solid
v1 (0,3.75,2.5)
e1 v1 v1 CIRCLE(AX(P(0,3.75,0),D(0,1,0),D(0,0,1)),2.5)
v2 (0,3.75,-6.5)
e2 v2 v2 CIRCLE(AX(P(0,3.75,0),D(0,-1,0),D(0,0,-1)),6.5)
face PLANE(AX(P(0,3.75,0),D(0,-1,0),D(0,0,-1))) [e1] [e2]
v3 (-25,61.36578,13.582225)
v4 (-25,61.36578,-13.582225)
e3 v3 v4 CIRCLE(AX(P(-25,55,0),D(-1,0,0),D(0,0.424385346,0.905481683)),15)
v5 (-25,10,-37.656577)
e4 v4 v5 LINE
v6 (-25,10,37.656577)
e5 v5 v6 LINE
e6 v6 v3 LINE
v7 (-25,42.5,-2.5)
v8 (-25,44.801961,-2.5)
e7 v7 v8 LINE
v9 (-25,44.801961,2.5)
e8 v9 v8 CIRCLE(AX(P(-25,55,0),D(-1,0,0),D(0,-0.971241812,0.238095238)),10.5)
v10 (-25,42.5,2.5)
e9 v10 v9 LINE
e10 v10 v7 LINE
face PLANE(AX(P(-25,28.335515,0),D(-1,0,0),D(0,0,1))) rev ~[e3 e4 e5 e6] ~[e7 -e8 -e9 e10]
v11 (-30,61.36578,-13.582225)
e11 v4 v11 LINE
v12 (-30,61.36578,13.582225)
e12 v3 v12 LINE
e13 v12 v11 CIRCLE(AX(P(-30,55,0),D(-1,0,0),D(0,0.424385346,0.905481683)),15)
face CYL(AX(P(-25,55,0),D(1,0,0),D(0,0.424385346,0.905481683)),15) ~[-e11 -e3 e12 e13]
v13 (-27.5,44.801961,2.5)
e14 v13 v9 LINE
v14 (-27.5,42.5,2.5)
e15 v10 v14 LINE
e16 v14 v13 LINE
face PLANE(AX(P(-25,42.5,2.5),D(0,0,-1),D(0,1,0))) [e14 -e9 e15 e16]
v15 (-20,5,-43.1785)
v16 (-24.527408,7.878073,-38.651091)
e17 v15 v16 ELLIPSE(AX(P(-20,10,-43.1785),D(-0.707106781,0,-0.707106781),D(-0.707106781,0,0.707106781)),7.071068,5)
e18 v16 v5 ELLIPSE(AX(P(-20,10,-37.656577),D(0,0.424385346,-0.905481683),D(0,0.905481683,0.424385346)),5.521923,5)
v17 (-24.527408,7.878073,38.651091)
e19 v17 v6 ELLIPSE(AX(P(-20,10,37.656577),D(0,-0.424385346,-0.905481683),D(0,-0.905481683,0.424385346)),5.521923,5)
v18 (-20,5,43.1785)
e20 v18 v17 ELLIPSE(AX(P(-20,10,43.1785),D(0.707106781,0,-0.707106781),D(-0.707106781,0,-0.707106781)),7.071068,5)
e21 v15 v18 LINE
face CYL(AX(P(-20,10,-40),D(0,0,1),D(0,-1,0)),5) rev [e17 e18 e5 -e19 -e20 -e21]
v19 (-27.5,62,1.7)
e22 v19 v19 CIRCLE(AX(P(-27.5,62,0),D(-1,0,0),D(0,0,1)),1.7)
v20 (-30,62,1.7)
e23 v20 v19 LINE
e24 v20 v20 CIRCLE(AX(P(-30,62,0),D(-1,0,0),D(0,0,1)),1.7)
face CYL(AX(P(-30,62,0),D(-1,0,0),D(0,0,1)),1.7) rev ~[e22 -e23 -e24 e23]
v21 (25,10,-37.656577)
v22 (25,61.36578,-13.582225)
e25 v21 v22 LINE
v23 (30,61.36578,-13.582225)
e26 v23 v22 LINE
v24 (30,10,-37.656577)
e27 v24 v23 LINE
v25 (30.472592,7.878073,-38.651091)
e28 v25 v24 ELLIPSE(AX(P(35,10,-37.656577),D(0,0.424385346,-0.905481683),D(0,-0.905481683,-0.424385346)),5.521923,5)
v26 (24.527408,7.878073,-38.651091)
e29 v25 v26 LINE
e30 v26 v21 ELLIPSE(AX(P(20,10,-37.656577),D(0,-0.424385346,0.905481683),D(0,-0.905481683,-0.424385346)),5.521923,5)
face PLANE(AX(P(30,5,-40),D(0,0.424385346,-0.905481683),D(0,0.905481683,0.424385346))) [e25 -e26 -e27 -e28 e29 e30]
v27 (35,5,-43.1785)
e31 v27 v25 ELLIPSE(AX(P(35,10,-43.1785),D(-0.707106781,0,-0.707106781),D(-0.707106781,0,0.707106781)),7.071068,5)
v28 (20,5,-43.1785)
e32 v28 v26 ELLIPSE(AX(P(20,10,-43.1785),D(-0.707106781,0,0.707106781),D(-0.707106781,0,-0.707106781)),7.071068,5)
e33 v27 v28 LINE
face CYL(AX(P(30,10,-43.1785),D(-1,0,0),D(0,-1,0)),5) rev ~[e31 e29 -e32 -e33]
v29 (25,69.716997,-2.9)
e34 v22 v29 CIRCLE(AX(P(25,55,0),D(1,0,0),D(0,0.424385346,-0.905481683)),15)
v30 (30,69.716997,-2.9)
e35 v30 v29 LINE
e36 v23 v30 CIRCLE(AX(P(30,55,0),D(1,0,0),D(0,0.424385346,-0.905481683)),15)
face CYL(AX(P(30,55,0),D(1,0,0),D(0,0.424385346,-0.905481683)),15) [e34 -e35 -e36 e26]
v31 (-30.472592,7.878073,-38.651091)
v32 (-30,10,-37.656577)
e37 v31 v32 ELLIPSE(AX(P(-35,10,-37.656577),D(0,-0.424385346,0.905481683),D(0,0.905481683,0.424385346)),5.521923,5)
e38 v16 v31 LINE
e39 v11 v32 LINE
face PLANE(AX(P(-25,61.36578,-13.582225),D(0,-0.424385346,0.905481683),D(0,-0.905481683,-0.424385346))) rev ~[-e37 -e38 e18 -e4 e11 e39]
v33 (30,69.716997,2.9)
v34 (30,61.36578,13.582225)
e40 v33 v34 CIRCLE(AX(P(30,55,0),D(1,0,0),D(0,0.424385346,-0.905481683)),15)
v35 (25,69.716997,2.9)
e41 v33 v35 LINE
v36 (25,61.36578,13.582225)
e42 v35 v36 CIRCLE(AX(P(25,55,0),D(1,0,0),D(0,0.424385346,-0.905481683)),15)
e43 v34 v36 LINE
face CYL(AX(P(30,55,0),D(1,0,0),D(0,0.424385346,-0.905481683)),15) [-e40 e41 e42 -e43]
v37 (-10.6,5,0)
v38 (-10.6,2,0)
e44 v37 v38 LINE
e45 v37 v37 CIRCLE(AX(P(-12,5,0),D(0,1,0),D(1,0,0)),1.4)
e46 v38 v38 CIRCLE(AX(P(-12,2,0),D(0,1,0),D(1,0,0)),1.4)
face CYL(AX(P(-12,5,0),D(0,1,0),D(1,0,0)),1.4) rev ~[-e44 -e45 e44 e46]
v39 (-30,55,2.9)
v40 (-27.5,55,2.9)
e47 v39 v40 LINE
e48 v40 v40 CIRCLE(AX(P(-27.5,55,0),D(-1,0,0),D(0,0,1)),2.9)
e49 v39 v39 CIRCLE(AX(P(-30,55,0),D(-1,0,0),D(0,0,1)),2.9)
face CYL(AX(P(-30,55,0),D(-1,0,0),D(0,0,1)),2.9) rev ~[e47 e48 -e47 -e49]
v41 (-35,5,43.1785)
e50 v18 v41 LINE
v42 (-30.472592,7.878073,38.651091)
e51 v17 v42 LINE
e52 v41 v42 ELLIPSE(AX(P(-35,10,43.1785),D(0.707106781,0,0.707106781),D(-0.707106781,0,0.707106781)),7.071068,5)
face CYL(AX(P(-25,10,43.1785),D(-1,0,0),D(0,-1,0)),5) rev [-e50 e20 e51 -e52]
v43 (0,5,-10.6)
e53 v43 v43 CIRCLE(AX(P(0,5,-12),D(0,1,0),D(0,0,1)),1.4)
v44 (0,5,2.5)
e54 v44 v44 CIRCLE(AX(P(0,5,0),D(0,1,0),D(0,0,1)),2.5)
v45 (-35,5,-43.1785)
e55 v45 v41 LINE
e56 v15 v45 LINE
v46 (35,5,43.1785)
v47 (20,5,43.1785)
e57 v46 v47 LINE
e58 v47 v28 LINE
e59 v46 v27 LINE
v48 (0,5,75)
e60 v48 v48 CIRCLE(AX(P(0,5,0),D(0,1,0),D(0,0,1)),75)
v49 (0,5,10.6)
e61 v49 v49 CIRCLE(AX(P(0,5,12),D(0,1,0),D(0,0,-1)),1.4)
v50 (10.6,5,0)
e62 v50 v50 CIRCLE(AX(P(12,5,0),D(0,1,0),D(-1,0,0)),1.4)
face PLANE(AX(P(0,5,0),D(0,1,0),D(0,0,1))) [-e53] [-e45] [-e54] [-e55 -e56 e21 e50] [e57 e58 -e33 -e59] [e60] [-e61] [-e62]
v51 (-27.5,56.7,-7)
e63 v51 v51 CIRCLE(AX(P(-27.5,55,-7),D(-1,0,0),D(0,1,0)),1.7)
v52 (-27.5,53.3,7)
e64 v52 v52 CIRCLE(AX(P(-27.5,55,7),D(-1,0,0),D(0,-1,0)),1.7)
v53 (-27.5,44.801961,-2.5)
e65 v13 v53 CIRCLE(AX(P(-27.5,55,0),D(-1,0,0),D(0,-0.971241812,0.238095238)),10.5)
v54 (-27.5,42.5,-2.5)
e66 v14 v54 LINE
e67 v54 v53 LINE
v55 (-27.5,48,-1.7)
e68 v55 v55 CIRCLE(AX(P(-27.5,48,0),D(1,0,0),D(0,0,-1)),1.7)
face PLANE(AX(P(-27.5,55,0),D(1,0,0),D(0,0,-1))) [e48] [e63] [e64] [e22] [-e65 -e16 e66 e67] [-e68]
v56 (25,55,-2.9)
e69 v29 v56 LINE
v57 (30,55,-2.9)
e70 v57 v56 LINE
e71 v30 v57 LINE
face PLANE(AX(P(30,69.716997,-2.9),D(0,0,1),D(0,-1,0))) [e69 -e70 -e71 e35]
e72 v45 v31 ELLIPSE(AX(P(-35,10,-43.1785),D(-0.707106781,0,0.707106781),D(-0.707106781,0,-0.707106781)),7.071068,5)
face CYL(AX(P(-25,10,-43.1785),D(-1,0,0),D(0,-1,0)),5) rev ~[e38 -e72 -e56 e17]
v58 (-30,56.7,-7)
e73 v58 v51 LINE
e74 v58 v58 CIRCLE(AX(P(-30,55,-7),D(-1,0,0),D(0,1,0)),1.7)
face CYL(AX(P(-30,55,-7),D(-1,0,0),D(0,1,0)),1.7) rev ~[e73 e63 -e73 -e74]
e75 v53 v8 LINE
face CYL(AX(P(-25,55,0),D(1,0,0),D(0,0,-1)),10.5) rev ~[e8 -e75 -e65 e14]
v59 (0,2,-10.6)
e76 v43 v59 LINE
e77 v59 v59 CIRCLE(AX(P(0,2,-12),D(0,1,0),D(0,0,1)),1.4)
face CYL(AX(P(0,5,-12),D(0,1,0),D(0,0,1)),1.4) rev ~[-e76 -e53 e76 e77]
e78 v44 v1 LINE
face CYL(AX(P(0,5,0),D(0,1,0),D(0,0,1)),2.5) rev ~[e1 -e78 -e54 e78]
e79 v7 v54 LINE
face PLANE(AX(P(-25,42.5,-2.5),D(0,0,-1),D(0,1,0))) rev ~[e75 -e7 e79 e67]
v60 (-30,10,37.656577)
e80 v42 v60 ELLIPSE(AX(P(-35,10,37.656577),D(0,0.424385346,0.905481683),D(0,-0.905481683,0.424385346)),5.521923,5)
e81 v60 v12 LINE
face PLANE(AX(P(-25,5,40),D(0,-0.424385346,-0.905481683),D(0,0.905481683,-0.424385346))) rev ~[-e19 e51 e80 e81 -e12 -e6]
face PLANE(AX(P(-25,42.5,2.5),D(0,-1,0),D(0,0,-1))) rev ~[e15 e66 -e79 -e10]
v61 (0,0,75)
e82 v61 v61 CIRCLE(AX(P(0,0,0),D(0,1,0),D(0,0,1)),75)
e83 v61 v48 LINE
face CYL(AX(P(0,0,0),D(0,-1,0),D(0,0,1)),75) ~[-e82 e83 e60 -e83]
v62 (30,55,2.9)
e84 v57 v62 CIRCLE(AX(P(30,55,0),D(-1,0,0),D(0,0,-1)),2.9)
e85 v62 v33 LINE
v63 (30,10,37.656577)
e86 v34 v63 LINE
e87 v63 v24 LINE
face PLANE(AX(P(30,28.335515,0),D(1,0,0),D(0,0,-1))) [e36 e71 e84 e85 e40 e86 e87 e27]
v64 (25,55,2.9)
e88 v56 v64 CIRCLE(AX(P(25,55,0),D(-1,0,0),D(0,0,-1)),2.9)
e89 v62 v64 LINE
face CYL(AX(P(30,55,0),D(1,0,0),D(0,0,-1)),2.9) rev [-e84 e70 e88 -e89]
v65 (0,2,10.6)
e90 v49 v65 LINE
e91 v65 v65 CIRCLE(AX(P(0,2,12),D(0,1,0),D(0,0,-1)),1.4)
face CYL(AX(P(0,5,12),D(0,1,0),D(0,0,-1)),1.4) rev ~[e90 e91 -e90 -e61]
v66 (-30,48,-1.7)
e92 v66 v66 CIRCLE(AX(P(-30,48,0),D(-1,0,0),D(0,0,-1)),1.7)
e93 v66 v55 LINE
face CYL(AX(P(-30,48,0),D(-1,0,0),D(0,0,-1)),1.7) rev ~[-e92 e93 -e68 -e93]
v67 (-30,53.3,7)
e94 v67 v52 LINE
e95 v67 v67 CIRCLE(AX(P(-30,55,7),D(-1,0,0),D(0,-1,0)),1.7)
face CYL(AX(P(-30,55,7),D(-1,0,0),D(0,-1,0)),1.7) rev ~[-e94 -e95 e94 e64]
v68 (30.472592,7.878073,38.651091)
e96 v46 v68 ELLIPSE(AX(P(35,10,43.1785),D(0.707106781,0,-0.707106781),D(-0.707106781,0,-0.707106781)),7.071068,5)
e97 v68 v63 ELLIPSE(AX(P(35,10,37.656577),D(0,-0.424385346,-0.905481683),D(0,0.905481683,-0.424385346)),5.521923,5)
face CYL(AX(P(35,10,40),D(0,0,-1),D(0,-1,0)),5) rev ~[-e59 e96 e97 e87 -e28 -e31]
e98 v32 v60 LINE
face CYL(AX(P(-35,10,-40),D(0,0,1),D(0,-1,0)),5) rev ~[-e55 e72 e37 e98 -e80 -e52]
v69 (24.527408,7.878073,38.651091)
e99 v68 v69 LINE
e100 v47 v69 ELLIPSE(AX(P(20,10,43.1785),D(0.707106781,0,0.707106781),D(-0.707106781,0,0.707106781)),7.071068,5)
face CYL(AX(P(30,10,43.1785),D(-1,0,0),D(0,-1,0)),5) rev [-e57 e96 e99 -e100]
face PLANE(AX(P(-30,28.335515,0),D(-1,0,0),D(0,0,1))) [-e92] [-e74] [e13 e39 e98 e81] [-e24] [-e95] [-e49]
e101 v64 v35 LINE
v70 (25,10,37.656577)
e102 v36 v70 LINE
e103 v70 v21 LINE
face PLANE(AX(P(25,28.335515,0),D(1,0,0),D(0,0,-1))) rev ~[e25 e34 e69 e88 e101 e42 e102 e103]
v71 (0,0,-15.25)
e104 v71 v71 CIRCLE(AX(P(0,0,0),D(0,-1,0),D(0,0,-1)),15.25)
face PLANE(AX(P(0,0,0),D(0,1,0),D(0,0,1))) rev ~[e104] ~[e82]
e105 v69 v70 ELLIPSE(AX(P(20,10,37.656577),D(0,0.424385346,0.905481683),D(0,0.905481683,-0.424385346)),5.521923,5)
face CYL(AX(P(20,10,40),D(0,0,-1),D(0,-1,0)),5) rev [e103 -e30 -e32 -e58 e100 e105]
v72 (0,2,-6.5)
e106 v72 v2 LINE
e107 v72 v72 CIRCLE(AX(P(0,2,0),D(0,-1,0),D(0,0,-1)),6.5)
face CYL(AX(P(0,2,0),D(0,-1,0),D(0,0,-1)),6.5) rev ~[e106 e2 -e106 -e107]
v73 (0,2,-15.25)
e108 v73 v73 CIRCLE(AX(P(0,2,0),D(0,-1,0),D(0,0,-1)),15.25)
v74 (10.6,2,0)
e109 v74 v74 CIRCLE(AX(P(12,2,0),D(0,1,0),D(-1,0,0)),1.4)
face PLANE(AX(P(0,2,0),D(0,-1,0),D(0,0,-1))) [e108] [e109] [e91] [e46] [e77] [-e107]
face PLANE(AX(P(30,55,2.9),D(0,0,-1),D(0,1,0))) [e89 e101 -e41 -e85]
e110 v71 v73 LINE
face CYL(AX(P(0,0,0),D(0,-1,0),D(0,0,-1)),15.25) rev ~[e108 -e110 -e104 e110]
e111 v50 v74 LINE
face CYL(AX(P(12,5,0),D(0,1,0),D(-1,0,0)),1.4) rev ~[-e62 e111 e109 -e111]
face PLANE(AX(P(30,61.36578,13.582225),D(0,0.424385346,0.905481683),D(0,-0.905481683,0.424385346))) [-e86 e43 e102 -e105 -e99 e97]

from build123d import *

# Parameters (mm, degrees)
SKETCH1_R           = 75
BOSS_EXTRUDE1_DEPTH = 5
BOSS_EXTRUDE2_DEPTH = 5
BOSS_EXTRUDE3_START = -5
BOSS_EXTRUDE3_DEPTH = 5
SKETCH6_R           = 1.5
CUT_EXTRUDE1_DEPTH  = 5
SKETCH7_R           = 2.9
CUT_EXTRUDE2_DEPTH  = 2.5
SKETCH8_R           = 0.6
CUT_EXTRUDE3_DEPTH  = 5
CIRPATTERN1_COUNT   = 4
SKETCH10_R          = 1.7
CUT_EXTRUDE4_DEPTH  = 3
CIRPATTERN2_COUNT   = 4
SKETCH11_R          = 2.5
CUT_EXTRUDE5_DEPTH  = 5
SKETCH12_R          = 1.4
CUT_EXTRUDE6_DEPTH  = 5
CIRPATTERN3_COUNT   = 4
SKETCH16_R          = 10.5
CUT_EXTRUDE10_DEPTH = 2.5
CUT_EXTRUDE11_DEPTH = 5
FILLET1_R           = 5
SKETCH19_R          = 15.25
CUT_EXTRUDE12_DEPTH = 2
SKETCH20_W          = 5
SKETCH20_H          = 4
CUT_EXTRUDE13_DEPTH = 2.5
SKETCH21_R          = 6.5
CUT_EXTRUDE14_DEPTH = 1.75


with BuildPart() as part:
    # Sketch1 → Boss-Extrude1 (new body)
    with BuildSketch(Plane(origin=(0, 0, 0), x_dir=(1, 0, 0), z_dir=(0, 1, 0))):
        with Locations(Location((0, 0, 0), (0, 0, 270))):
            Circle(SKETCH1_R)
    extrude(amount=BOSS_EXTRUDE1_DEPTH)

    # Sketch4 → Boss-Extrude2 (add)
    with BuildSketch(Plane.ZY.offset(25)):
        with BuildLine():
            Line((-13.582225242, 61.365780194), (-40, 5))
            Line((-40, 5), (40, 5))
            Line((40, 5), (13.582225242, 61.365780194))
            ThreePointArc((13.582225242, 61.365780194), (0, 70), (-13.582225242, 61.365780194))
        make_face()
    extrude(amount=BOSS_EXTRUDE2_DEPTH)

    # Sketch5 → Boss-Extrude3 (add)
    with BuildSketch(Plane.ZY.offset(-25).offset(BOSS_EXTRUDE3_START)):
        with BuildLine():
            Line((13.582225242, 61.365780194), (40, 5))
            Line((40, 5), (-40, 5))
            Line((-40, 5), (-13.582225242, 61.365780194))
            ThreePointArc((-13.582225242, 61.365780194), (0, 70), (13.582225242, 61.365780194))
        make_face()
    extrude(amount=BOSS_EXTRUDE3_DEPTH)

    # Sketch6 → Cut-Extrude1 (cut)
    with BuildSketch(Plane.ZY.offset(30)):
        with Locations((0, 55)):
            Circle(SKETCH6_R)
    extrude(amount=-CUT_EXTRUDE1_DEPTH, mode=Mode.SUBTRACT)

    # Sketch7 → Cut-Extrude2 (cut)
    with BuildSketch(Plane.ZY.offset(30)):
        with Locations((0, 55)):
            Circle(SKETCH7_R)
    extrude(amount=-CUT_EXTRUDE2_DEPTH, mode=Mode.SUBTRACT)

    # Sketch8 → Cut-Extrude3 (cut)
    with BuildSketch(Plane.ZY.offset(30)):
        with Locations((0, 62.25)):
            Circle(SKETCH8_R)
    cut_extrude3 = extrude(amount=-CUT_EXTRUDE3_DEPTH, mode=Mode.SUBTRACT)

    # CirPattern1: Cut-Extrude3 ×4 about axis
    cirpattern1_axis = Axis((0, 55, 0), (1, 0, 0))
    for i in range(1, CIRPATTERN1_COUNT):
        add(cut_extrude3.rotate(cirpattern1_axis, i * 360 / CIRPATTERN1_COUNT), mode=Mode.SUBTRACT)

    # Sketch10 → Cut-Extrude4 (cut)
    with BuildSketch(Plane.ZY.offset(30)):
        with Locations((0, 62)):
            Circle(SKETCH10_R)
    cut_extrude4 = extrude(amount=-CUT_EXTRUDE4_DEPTH, mode=Mode.SUBTRACT)

    # CirPattern2: Cut-Extrude4 ×4 about axis
    cirpattern2_axis = Axis((0, 55, 0), (1, 0, 0))
    for i in range(1, CIRPATTERN2_COUNT):
        add(cut_extrude4.rotate(cirpattern2_axis, i * 360 / CIRPATTERN2_COUNT), mode=Mode.SUBTRACT)

    # Sketch11 → Cut-Extrude5 (cut)
    with BuildSketch(Plane(origin=(0, 5, 0), x_dir=(1, 0, 0), z_dir=(0, 1, 0))):
        with Locations(Location((0, 0, 0), (0, 0, 270))):
            Circle(SKETCH11_R)
    extrude(amount=-CUT_EXTRUDE5_DEPTH, mode=Mode.SUBTRACT)

    # Sketch12 → Cut-Extrude6 (cut)
    with BuildSketch(Plane(origin=(0, 5, 0), x_dir=(1, 0, 0), z_dir=(0, 1, 0))):
        with Locations(Location((0, 12, 0), (0, 0, 270))):
            Circle(SKETCH12_R)
    cut_extrude6 = extrude(amount=-CUT_EXTRUDE6_DEPTH, mode=Mode.SUBTRACT)

    # CirPattern3: Cut-Extrude6 ×4 about axis
    cirpattern3_axis = Axis((0, 0, 0), (0, 1, 0))
    for i in range(1, CIRPATTERN3_COUNT):
        add(cut_extrude6.rotate(cirpattern3_axis, i * 360 / CIRPATTERN3_COUNT), mode=Mode.SUBTRACT)

    # Sketch16 → Cut-Extrude10 (cut)
    with BuildSketch(Plane(origin=(-25, 0, 0), x_dir=(0, 0, -1), z_dir=(1, 0, 0))):
        with Locations((0, 55)):
            Circle(SKETCH16_R)
    extrude(amount=-CUT_EXTRUDE10_DEPTH, mode=Mode.SUBTRACT)

    # Sketch18 → Cut-Extrude11 (cut)
    with BuildSketch(Plane(origin=(30, 0, 0), x_dir=(0, 0, -1), z_dir=(1, 0, 0))):
        with BuildLine():
            Line((-2.9, 55), (-2.9, 69.716996976))
            ThreePointArc((-2.9, 69.716996976), (0, 70), (2.9, 69.716996976))
            Line((2.9, 69.716996976), (2.9, 55))
            ThreePointArc((2.9, 55), (0, 52.1), (-2.9, 55))
        make_face()
    extrude(amount=-CUT_EXTRUDE11_DEPTH, mode=Mode.SUBTRACT)

    # Fillet1
    fillet1_edges = [part.edges().sort_by_distance(p)[0] for p in [
        (30, 5, 0),
        (27.5, 5, 40),
        (27.5, 5, -40),
        (25, 5, 0),
        (-25, 5, 0),
        (-27.5, 5, -40),
        (-27.5, 5, 40),
        (-30, 5, 0),
    ]]
    fillet(fillet1_edges, radius=FILLET1_R)

    # Sketch19 → Cut-Extrude12 (cut)
    with BuildSketch(Plane(origin=(0, 0, 0), x_dir=(-1, 0, 0), z_dir=(0, -1, 0))):
        with Locations(Location((0, 0, 0), (0, 0, 90))):
            Circle(SKETCH19_R)
    extrude(amount=-CUT_EXTRUDE12_DEPTH, mode=Mode.SUBTRACT)

    # Sketch20 → Cut-Extrude13 (cut)
    with BuildSketch(Plane(origin=(-25, 0, 0), x_dir=(0, 0, -1), z_dir=(1, 0, 0))):
        with Locations((0, 44.5)):
            Rectangle(SKETCH20_W, SKETCH20_H)
    extrude(amount=-CUT_EXTRUDE13_DEPTH, mode=Mode.SUBTRACT)

    # Sketch21 → Cut-Extrude14 (cut)
    with BuildSketch(Plane(origin=(0, 2, 0), x_dir=(-1, 0, 0), z_dir=(0, -1, 0))):
        with Locations(Location((0, 0, 0), (0, 0, 90))):
            Circle(SKETCH21_R)
    extrude(amount=-CUT_EXTRUDE14_DEPTH, mode=Mode.SUBTRACT)


solid = part.part
